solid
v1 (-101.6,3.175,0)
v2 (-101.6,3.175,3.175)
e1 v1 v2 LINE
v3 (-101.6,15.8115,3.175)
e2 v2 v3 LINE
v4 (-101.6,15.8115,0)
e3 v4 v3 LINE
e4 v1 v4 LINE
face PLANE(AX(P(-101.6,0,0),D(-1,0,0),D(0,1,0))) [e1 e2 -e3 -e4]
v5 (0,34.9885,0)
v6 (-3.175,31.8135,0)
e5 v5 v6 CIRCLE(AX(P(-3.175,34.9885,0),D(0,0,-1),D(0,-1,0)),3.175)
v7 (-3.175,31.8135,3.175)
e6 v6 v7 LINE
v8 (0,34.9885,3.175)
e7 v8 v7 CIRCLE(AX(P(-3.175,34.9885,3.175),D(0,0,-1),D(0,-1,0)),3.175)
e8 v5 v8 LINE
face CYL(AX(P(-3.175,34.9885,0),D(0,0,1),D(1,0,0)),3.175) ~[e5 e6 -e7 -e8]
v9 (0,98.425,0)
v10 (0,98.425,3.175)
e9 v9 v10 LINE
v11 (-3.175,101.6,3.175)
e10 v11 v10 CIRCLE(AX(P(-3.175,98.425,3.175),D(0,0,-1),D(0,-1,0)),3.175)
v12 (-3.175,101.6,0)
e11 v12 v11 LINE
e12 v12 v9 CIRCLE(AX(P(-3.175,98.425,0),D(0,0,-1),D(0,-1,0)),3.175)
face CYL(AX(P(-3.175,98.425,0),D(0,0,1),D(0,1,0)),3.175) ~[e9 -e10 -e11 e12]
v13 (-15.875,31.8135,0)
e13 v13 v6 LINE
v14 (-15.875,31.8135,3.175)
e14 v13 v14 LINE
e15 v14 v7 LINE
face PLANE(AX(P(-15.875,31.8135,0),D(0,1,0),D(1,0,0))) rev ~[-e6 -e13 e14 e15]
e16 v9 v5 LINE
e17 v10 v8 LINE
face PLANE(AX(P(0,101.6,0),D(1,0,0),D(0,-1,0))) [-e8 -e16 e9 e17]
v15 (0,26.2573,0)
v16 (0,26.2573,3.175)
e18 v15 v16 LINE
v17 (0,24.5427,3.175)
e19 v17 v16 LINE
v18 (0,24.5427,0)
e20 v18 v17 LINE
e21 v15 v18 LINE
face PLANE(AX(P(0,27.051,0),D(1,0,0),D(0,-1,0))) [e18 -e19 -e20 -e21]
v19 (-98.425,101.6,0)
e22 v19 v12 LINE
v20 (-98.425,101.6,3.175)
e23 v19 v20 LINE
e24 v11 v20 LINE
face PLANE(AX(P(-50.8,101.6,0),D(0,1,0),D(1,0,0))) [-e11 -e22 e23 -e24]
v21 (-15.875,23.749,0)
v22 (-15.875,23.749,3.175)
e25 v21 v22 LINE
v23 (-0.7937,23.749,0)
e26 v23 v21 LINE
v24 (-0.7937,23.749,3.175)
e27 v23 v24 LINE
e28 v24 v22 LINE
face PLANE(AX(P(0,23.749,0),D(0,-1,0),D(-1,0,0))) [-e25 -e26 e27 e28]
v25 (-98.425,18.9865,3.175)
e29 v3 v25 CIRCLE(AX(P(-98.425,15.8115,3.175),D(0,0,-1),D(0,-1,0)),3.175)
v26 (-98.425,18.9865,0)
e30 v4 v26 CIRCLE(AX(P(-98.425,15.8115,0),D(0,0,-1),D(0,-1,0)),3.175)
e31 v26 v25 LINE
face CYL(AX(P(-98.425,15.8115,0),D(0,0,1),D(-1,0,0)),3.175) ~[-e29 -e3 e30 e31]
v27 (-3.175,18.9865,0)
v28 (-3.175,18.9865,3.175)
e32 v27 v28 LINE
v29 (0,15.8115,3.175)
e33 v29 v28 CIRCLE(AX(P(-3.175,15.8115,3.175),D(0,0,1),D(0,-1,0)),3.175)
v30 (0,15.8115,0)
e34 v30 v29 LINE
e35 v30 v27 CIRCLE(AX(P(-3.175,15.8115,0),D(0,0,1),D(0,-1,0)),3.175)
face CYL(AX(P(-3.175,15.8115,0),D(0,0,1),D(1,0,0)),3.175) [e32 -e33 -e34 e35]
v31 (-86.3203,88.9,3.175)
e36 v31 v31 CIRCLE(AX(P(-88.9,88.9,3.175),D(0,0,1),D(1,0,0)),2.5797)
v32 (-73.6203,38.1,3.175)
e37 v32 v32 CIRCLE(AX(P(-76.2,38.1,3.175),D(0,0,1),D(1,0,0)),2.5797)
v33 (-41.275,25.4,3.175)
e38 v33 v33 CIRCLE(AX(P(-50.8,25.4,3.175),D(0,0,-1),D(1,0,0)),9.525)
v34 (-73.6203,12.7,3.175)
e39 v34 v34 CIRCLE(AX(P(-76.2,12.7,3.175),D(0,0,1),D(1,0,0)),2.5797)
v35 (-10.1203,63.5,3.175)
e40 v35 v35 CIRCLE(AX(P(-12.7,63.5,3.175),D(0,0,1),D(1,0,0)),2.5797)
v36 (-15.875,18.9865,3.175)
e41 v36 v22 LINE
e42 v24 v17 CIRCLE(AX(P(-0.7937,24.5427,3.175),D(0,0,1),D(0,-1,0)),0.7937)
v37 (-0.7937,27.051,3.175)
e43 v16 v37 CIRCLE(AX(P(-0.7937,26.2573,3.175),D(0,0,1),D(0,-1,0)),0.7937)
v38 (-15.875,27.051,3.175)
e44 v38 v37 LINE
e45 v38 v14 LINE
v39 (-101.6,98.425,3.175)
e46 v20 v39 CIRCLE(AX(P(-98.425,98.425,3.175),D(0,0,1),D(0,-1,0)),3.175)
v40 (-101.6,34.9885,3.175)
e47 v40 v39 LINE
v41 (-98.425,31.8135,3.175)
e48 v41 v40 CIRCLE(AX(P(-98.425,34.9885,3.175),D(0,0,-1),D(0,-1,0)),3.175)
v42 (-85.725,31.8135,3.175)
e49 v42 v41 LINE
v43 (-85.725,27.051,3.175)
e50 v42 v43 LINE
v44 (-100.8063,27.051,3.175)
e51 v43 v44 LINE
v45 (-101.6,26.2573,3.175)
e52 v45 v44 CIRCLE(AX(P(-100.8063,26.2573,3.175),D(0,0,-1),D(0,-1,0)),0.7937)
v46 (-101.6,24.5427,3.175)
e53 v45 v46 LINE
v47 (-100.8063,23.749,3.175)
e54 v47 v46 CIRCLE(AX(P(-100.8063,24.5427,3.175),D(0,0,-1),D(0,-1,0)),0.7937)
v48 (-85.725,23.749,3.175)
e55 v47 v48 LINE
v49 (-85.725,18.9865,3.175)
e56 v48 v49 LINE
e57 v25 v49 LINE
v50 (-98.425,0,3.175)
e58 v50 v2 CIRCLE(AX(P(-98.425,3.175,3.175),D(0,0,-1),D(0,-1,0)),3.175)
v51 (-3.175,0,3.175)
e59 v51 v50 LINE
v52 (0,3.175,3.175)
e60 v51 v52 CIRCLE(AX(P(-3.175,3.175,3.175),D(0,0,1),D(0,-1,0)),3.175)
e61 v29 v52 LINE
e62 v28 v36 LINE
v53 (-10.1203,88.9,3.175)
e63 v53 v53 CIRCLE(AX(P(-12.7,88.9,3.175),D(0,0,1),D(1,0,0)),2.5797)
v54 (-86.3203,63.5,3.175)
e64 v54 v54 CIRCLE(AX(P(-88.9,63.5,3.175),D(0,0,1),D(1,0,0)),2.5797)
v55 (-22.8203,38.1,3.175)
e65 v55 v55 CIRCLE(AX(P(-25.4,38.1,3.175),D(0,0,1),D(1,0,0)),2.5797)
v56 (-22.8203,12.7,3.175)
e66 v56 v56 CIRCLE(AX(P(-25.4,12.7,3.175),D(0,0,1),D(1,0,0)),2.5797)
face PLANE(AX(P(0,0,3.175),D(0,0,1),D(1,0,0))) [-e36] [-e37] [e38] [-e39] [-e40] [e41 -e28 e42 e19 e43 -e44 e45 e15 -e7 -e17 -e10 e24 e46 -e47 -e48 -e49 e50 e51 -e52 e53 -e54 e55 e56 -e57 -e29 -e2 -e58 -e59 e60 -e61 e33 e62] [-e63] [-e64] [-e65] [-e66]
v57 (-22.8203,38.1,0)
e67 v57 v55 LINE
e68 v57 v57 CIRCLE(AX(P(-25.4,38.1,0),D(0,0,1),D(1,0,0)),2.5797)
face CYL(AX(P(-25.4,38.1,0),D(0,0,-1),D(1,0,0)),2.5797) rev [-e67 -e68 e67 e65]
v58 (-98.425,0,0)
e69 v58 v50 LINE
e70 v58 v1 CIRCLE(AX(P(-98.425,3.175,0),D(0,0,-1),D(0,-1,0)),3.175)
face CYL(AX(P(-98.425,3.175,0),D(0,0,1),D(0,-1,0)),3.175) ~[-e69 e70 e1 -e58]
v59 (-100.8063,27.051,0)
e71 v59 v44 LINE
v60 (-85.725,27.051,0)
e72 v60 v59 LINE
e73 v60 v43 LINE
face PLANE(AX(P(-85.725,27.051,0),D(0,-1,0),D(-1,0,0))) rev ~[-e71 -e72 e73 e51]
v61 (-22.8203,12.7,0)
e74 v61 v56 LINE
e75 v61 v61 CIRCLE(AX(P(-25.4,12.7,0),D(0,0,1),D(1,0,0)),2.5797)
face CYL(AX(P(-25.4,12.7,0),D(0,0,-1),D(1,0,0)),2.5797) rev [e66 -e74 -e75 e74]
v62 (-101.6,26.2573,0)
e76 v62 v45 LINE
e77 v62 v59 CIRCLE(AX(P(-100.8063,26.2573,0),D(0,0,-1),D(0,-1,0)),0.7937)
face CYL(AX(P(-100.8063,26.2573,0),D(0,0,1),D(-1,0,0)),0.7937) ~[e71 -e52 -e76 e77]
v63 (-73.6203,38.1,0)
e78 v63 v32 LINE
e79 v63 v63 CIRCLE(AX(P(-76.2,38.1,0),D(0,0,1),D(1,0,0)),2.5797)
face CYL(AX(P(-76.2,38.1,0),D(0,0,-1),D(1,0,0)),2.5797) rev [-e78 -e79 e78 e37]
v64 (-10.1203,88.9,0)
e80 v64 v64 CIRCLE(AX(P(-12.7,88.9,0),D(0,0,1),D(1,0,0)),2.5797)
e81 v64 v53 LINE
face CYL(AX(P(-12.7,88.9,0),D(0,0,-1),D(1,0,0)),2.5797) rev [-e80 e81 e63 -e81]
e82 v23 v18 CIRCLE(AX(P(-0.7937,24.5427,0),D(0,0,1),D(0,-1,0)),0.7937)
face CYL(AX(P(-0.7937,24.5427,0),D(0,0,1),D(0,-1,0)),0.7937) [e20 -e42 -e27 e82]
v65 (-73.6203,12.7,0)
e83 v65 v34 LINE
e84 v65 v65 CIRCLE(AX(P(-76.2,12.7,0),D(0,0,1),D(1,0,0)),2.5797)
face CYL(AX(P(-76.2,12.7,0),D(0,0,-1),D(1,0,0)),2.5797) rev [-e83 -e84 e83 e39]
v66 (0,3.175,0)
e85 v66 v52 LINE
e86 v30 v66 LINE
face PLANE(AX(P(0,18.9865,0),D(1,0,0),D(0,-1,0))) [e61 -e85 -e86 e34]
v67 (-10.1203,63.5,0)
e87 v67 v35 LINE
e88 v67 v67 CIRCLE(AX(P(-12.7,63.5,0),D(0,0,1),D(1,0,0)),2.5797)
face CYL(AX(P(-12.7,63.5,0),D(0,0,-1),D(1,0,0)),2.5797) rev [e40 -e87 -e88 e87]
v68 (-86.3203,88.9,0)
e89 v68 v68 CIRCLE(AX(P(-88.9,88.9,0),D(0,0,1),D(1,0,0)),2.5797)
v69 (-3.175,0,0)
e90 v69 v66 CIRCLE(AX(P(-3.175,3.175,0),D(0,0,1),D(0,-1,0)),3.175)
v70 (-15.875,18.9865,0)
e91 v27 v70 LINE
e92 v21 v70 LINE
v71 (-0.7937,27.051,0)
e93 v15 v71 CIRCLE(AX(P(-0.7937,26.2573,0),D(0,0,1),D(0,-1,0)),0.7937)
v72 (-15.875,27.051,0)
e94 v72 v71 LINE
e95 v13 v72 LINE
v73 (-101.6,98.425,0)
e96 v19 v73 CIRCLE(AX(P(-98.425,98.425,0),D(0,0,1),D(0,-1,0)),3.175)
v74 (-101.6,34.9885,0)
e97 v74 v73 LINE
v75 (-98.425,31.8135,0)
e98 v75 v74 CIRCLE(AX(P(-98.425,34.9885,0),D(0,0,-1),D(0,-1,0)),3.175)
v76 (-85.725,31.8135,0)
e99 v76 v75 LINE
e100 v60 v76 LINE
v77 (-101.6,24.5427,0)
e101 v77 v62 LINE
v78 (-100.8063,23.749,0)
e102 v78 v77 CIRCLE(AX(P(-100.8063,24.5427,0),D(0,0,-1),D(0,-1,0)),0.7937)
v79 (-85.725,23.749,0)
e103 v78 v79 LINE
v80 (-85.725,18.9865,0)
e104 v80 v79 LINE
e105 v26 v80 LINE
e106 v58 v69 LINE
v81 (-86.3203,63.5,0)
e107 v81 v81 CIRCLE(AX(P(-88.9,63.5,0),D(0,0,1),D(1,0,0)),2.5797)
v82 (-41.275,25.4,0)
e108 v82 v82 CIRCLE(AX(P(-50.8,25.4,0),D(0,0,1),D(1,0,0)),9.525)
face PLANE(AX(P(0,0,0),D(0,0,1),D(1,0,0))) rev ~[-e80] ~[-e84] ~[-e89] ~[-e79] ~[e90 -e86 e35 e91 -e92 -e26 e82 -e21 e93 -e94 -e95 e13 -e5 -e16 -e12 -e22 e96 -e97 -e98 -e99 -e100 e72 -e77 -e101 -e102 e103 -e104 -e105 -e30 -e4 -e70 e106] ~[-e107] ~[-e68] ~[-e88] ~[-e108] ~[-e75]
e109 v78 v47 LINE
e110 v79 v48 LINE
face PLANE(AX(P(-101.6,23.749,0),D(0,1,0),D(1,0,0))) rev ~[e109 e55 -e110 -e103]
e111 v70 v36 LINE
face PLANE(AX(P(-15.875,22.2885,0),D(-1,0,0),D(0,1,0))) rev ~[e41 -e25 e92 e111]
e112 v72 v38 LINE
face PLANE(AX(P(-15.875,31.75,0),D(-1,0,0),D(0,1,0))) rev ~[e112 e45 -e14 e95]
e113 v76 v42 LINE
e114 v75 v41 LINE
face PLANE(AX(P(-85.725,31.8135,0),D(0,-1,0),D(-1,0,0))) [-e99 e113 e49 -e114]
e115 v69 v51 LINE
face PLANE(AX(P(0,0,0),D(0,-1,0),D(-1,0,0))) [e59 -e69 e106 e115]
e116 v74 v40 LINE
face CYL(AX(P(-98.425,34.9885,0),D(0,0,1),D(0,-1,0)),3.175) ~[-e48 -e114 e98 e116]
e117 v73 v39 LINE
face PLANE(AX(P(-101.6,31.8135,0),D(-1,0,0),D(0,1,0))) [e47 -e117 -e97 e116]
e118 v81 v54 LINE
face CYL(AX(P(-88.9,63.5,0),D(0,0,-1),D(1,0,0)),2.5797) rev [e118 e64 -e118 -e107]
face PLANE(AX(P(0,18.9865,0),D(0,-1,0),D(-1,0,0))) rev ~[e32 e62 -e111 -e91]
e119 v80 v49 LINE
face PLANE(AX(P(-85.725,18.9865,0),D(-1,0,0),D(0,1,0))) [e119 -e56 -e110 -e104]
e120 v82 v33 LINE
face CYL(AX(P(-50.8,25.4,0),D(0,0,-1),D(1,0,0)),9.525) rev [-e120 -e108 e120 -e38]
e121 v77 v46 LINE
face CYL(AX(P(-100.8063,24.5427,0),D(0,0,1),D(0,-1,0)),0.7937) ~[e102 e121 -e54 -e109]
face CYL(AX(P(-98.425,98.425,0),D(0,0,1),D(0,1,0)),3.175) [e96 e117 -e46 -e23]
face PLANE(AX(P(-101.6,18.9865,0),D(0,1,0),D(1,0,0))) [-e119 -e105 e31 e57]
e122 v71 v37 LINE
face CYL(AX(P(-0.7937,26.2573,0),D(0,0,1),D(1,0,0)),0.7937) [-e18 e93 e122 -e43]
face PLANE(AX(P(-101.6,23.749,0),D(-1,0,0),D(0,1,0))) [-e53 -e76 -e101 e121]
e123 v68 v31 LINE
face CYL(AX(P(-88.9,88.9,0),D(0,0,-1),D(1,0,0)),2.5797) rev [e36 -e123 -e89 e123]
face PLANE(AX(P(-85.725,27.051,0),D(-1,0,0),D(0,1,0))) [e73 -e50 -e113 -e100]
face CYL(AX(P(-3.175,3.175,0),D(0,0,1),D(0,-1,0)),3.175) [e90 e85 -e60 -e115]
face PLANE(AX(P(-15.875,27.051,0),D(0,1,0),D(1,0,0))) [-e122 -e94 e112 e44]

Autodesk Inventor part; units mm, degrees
ref_plane "YZ Plane" through (0, 0, 0) normal (1, 0, 0) x (0, 1, 0)
ref_plane "XZ Plane" through (0, 0, 0) normal (0, 1, 0) x (-1, 0, 0)
ref_plane "XY Plane" through (0, 0, 0) normal (0, 0, 1) x (1, 0, 0)
sketch "Sketch2" plane through (0, 0, 0) normal (0, 0, 1) x (1, 0, 0)
  line L0 (0, 0) -> (-101.6, 0)
  line L1 (-101.6, 0) -> (-101.6, 101.6)
  line L2 (-101.6, 101.6) -> (0, 101.6)
  line L3 (0, 101.6) -> (0, 0)
  circle A0 centre (-12.7, 88.9) radius 2.5797
  circle A1 centre (-50.8, 76.2) radius 9.525
  circle A2 centre (-25.4, 38.1) radius 2.5797
  circle A3 centre (-50.8, 25.4) radius 9.525
  circle A4 centre (-88.9, 88.9) radius 2.5797
  circle A5 centre (-12.7, 63.5) radius 2.5797
  circle A6 centre (-88.9, 63.5) radius 2.5797
  circle A7 centre (-76.2, 38.1) radius 2.5797
  circle A8 centre (-25.4, 12.7) radius 2.5797
  circle A9 centre (-76.2, 12.7) radius 2.5797
  line L4 (-85.725, 19.05) -> (-101.6, 19.05)
  line L5 (-101.6, 19.05) -> (-101.6, 22.225)
  line L6 (-101.6, 22.225) -> (-85.725, 22.225)
  line L7 (-85.725, 22.225) -> (-85.725, 19.05)
  line L8 (-101.6, 22.225) -> (-85.725, 22.225)
  line L9 (-85.725, 22.225) -> (-85.725, 23.8125)
  line L10 (-85.725, 23.8125) -> (-101.6, 23.8125)
  line L11 (-101.6, 23.8125) -> (-101.6, 22.225)
  line L12 (-85.725, 23.8125) -> (-101.6, 23.8125)
  line L13 (-101.6, 23.8125) -> (-101.6, 26.9875)
  line L14 (-101.6, 26.9875) -> (-85.725, 26.9875)
  line L15 (-85.725, 26.9875) -> (-85.725, 23.8125)
  line L16 (-101.6, 26.9875) -> (-85.725, 26.9875)
  line L17 (-85.725, 26.9875) -> (-85.725, 28.575)
  line L18 (-85.725, 28.575) -> (-101.6, 28.575)
  line L19 (-101.6, 28.575) -> (-101.6, 26.9875)
  line L20 (-85.725, 28.575) -> (-101.6, 28.575)
  line L21 (-101.6, 28.575) -> (-101.6, 31.75)
  line L22 (-101.6, 31.75) -> (-85.725, 31.75)
  line L23 (-85.725, 31.75) -> (-85.725, 28.575)
  line L24 (-85.725, 31.8135) -> (-101.6, 31.8135)
  line L25 (-101.6, 31.8135) -> (-101.6, 28.5115)
  line L26 (-101.6, 28.5115) -> (-85.725, 28.5115)
  line L27 (-85.725, 28.5115) -> (-85.725, 31.8135)
  line L28 (-85.725, 27.051) -> (-101.6, 27.051)
  line L29 (-101.6, 27.051) -> (-101.6, 23.749)
  line L30 (-101.6, 23.749) -> (-85.725, 23.749)
  line L31 (-85.725, 23.749) -> (-85.725, 27.051)
  line L32 (-85.725, 22.2885) -> (-101.6, 22.2885)
  line L33 (-101.6, 22.2885) -> (-101.6, 18.9865)
  line L34 (-101.6, 18.9865) -> (-85.725, 18.9865)
  line L35 (-85.725, 18.9865) -> (-85.725, 22.2885)
  line L36 (-101.6, 26.4583) -> (-85.725, 26.4583)
  line L37 (-85.725, 26.4583) -> (-85.725, 24.3417)
  line L38 (-85.725, 24.3417) -> (-101.6, 24.3417)
  line L39 (-101.6, 24.3417) -> (-101.6, 26.4583)
  line L40 (-50.8, 0) -> (-50.8, 101.6)
  line L41 (-15.875, 19.05) -> (0, 19.05)
  line L42 (0, 19.05) -> (0, 22.225)
  line L43 (0, 22.225) -> (-15.875, 22.225)
  line L44 (-15.875, 22.225) -> (-15.875, 19.05)
  line L45 (0, 22.225) -> (-15.875, 22.225)
  line L46 (-15.875, 22.225) -> (-15.875, 23.8125)
  line L47 (-15.875, 23.8125) -> (0, 23.8125)
  line L48 (0, 23.8125) -> (0, 22.225)
  line L49 (-15.875, 23.8125) -> (0, 23.8125)
  line L50 (0, 23.8125) -> (0, 26.9875)
  line L51 (0, 26.9875) -> (-15.875, 26.9875)
  line L52 (-15.875, 26.9875) -> (-15.875, 23.8125)
  line L53 (0, 26.9875) -> (-15.875, 26.9875)
  line L54 (-15.875, 26.9875) -> (-15.875, 28.575)
  line L55 (-15.875, 28.575) -> (0, 28.575)
  line L56 (0, 28.575) -> (0, 26.9875)
  line L57 (-15.875, 28.575) -> (0, 28.575)
  line L58 (0, 28.575) -> (0, 31.75)
  line L59 (0, 31.75) -> (-15.875, 31.75)
  line L60 (-15.875, 31.75) -> (-15.875, 28.575)
  line L61 (-15.875, 31.8135) -> (0, 31.8135)
  line L62 (0, 31.8135) -> (0, 28.5115)
  line L63 (0, 28.5115) -> (-15.875, 28.5115)
  line L64 (-15.875, 28.5115) -> (-15.875, 31.8135)
  line L65 (-15.875, 27.051) -> (0, 27.051)
  line L66 (0, 27.051) -> (0, 23.749)
  line L67 (0, 23.749) -> (-15.875, 23.749)
  line L68 (-15.875, 23.749) -> (-15.875, 27.051)
  line L69 (-15.875, 22.2885) -> (0, 22.2885)
  line L70 (0, 22.2885) -> (0, 18.9865)
  line L71 (0, 18.9865) -> (-15.875, 18.9865)
  line L72 (-15.875, 18.9865) -> (-15.875, 22.2885)
  line L73 (0, 26.4583) -> (-15.875, 26.4583)
  line L74 (-15.875, 26.4583) -> (-15.875, 24.3417)
  line L75 (-15.875, 24.3417) -> (0, 24.3417)
  line L76 (0, 24.3417) -> (0, 26.4583)
  point P0 (-101.6, 30.1625)
  point P1 (-101.6, 20.6375)
  point P2 (-101.6, 25.4)
  point P3 (-85.725, 25.4)
  point P4 (0, 30.1625)
  point P5 (0, 20.6375)
  point P6 (0, 25.4)
  point P7 (-15.875, 25.4)
  point P8 (-50.8, 15.875)
  point P9 (-50.8, 34.925)
  point P10 (-50.8, 66.675)
  point P11 (-50.8, 85.725)
  dimension "d60" = 101.6
  dimension "d61" = 101.6
  dimension "d62" = 19.05
  dimension "d63" = 5.1594
  dimension "d66" = 12.7
  dimension "d69" = 76.2
  dimension "d72" = 25.4
  dimension "d75" = 12.7
  dimension "d76" = 38.1
  dimension "d77" = 12.7
  dimension "d80" = 50.8
  dimension "d83" = 25.4
  dimension "d86" = 25.4
  dimension "d87" = 12.7
  dimension "d88" = 12.7
  dimension "d89" = 25.4
  dimension "d96" = 3.175
  dimension "d97" = 1.5875
  dimension "d98" = 3.302
  dimension "d101" = 2.1167
  dimension "d103" = 15.875
  dimension "d104" = 25.4
extrude "Extrusion2" add sketch "Sketch2" along normal blind 3.175 contours L0 L40 A3 A1 L2 L3 L61 L64 L60 L54 L52 L46 L44 L72 L71 | L0 L1 L34 L35 L7 L9 L15 L17 L23 L27 L24 L2 L40 A1 A3 | L40 A1 | A1 L40 | L67 L46 L47 L3 | L47 L52 L75 L3 | L1 L10 L9 L30 | L75 L52 L73 L3 | L1 L38 L15 L10 | L73 L52 L51 L3 | L1 L36 L15 L38 | L51 L54 L65 L3 | L1 L14 L15 L36 | L1 L28 L17 L14
fillet "Fillet3" radius 3.175 8 edges at (0, 101.6, 1.5875) (-101.6, 101.6, 1.5875) (0, 18.9865, 1.5875) (0, 31.8135, 1.5875) (0, 0, 1.5875) (-101.6, 0, 1.5875) (-101.6, 18.9865, 1.5875) (-101.6, 31.8135, 1.5875)
fillet "Fillet5" radius 0.7937 4 edges at (0, 27.051, 1.5875) (0, 23.749, 1.5875) (-101.6, 27.051, 1.5875) (-101.6, 23.749, 1.5875)
properties part number "Dipper Plate (backplate)"
